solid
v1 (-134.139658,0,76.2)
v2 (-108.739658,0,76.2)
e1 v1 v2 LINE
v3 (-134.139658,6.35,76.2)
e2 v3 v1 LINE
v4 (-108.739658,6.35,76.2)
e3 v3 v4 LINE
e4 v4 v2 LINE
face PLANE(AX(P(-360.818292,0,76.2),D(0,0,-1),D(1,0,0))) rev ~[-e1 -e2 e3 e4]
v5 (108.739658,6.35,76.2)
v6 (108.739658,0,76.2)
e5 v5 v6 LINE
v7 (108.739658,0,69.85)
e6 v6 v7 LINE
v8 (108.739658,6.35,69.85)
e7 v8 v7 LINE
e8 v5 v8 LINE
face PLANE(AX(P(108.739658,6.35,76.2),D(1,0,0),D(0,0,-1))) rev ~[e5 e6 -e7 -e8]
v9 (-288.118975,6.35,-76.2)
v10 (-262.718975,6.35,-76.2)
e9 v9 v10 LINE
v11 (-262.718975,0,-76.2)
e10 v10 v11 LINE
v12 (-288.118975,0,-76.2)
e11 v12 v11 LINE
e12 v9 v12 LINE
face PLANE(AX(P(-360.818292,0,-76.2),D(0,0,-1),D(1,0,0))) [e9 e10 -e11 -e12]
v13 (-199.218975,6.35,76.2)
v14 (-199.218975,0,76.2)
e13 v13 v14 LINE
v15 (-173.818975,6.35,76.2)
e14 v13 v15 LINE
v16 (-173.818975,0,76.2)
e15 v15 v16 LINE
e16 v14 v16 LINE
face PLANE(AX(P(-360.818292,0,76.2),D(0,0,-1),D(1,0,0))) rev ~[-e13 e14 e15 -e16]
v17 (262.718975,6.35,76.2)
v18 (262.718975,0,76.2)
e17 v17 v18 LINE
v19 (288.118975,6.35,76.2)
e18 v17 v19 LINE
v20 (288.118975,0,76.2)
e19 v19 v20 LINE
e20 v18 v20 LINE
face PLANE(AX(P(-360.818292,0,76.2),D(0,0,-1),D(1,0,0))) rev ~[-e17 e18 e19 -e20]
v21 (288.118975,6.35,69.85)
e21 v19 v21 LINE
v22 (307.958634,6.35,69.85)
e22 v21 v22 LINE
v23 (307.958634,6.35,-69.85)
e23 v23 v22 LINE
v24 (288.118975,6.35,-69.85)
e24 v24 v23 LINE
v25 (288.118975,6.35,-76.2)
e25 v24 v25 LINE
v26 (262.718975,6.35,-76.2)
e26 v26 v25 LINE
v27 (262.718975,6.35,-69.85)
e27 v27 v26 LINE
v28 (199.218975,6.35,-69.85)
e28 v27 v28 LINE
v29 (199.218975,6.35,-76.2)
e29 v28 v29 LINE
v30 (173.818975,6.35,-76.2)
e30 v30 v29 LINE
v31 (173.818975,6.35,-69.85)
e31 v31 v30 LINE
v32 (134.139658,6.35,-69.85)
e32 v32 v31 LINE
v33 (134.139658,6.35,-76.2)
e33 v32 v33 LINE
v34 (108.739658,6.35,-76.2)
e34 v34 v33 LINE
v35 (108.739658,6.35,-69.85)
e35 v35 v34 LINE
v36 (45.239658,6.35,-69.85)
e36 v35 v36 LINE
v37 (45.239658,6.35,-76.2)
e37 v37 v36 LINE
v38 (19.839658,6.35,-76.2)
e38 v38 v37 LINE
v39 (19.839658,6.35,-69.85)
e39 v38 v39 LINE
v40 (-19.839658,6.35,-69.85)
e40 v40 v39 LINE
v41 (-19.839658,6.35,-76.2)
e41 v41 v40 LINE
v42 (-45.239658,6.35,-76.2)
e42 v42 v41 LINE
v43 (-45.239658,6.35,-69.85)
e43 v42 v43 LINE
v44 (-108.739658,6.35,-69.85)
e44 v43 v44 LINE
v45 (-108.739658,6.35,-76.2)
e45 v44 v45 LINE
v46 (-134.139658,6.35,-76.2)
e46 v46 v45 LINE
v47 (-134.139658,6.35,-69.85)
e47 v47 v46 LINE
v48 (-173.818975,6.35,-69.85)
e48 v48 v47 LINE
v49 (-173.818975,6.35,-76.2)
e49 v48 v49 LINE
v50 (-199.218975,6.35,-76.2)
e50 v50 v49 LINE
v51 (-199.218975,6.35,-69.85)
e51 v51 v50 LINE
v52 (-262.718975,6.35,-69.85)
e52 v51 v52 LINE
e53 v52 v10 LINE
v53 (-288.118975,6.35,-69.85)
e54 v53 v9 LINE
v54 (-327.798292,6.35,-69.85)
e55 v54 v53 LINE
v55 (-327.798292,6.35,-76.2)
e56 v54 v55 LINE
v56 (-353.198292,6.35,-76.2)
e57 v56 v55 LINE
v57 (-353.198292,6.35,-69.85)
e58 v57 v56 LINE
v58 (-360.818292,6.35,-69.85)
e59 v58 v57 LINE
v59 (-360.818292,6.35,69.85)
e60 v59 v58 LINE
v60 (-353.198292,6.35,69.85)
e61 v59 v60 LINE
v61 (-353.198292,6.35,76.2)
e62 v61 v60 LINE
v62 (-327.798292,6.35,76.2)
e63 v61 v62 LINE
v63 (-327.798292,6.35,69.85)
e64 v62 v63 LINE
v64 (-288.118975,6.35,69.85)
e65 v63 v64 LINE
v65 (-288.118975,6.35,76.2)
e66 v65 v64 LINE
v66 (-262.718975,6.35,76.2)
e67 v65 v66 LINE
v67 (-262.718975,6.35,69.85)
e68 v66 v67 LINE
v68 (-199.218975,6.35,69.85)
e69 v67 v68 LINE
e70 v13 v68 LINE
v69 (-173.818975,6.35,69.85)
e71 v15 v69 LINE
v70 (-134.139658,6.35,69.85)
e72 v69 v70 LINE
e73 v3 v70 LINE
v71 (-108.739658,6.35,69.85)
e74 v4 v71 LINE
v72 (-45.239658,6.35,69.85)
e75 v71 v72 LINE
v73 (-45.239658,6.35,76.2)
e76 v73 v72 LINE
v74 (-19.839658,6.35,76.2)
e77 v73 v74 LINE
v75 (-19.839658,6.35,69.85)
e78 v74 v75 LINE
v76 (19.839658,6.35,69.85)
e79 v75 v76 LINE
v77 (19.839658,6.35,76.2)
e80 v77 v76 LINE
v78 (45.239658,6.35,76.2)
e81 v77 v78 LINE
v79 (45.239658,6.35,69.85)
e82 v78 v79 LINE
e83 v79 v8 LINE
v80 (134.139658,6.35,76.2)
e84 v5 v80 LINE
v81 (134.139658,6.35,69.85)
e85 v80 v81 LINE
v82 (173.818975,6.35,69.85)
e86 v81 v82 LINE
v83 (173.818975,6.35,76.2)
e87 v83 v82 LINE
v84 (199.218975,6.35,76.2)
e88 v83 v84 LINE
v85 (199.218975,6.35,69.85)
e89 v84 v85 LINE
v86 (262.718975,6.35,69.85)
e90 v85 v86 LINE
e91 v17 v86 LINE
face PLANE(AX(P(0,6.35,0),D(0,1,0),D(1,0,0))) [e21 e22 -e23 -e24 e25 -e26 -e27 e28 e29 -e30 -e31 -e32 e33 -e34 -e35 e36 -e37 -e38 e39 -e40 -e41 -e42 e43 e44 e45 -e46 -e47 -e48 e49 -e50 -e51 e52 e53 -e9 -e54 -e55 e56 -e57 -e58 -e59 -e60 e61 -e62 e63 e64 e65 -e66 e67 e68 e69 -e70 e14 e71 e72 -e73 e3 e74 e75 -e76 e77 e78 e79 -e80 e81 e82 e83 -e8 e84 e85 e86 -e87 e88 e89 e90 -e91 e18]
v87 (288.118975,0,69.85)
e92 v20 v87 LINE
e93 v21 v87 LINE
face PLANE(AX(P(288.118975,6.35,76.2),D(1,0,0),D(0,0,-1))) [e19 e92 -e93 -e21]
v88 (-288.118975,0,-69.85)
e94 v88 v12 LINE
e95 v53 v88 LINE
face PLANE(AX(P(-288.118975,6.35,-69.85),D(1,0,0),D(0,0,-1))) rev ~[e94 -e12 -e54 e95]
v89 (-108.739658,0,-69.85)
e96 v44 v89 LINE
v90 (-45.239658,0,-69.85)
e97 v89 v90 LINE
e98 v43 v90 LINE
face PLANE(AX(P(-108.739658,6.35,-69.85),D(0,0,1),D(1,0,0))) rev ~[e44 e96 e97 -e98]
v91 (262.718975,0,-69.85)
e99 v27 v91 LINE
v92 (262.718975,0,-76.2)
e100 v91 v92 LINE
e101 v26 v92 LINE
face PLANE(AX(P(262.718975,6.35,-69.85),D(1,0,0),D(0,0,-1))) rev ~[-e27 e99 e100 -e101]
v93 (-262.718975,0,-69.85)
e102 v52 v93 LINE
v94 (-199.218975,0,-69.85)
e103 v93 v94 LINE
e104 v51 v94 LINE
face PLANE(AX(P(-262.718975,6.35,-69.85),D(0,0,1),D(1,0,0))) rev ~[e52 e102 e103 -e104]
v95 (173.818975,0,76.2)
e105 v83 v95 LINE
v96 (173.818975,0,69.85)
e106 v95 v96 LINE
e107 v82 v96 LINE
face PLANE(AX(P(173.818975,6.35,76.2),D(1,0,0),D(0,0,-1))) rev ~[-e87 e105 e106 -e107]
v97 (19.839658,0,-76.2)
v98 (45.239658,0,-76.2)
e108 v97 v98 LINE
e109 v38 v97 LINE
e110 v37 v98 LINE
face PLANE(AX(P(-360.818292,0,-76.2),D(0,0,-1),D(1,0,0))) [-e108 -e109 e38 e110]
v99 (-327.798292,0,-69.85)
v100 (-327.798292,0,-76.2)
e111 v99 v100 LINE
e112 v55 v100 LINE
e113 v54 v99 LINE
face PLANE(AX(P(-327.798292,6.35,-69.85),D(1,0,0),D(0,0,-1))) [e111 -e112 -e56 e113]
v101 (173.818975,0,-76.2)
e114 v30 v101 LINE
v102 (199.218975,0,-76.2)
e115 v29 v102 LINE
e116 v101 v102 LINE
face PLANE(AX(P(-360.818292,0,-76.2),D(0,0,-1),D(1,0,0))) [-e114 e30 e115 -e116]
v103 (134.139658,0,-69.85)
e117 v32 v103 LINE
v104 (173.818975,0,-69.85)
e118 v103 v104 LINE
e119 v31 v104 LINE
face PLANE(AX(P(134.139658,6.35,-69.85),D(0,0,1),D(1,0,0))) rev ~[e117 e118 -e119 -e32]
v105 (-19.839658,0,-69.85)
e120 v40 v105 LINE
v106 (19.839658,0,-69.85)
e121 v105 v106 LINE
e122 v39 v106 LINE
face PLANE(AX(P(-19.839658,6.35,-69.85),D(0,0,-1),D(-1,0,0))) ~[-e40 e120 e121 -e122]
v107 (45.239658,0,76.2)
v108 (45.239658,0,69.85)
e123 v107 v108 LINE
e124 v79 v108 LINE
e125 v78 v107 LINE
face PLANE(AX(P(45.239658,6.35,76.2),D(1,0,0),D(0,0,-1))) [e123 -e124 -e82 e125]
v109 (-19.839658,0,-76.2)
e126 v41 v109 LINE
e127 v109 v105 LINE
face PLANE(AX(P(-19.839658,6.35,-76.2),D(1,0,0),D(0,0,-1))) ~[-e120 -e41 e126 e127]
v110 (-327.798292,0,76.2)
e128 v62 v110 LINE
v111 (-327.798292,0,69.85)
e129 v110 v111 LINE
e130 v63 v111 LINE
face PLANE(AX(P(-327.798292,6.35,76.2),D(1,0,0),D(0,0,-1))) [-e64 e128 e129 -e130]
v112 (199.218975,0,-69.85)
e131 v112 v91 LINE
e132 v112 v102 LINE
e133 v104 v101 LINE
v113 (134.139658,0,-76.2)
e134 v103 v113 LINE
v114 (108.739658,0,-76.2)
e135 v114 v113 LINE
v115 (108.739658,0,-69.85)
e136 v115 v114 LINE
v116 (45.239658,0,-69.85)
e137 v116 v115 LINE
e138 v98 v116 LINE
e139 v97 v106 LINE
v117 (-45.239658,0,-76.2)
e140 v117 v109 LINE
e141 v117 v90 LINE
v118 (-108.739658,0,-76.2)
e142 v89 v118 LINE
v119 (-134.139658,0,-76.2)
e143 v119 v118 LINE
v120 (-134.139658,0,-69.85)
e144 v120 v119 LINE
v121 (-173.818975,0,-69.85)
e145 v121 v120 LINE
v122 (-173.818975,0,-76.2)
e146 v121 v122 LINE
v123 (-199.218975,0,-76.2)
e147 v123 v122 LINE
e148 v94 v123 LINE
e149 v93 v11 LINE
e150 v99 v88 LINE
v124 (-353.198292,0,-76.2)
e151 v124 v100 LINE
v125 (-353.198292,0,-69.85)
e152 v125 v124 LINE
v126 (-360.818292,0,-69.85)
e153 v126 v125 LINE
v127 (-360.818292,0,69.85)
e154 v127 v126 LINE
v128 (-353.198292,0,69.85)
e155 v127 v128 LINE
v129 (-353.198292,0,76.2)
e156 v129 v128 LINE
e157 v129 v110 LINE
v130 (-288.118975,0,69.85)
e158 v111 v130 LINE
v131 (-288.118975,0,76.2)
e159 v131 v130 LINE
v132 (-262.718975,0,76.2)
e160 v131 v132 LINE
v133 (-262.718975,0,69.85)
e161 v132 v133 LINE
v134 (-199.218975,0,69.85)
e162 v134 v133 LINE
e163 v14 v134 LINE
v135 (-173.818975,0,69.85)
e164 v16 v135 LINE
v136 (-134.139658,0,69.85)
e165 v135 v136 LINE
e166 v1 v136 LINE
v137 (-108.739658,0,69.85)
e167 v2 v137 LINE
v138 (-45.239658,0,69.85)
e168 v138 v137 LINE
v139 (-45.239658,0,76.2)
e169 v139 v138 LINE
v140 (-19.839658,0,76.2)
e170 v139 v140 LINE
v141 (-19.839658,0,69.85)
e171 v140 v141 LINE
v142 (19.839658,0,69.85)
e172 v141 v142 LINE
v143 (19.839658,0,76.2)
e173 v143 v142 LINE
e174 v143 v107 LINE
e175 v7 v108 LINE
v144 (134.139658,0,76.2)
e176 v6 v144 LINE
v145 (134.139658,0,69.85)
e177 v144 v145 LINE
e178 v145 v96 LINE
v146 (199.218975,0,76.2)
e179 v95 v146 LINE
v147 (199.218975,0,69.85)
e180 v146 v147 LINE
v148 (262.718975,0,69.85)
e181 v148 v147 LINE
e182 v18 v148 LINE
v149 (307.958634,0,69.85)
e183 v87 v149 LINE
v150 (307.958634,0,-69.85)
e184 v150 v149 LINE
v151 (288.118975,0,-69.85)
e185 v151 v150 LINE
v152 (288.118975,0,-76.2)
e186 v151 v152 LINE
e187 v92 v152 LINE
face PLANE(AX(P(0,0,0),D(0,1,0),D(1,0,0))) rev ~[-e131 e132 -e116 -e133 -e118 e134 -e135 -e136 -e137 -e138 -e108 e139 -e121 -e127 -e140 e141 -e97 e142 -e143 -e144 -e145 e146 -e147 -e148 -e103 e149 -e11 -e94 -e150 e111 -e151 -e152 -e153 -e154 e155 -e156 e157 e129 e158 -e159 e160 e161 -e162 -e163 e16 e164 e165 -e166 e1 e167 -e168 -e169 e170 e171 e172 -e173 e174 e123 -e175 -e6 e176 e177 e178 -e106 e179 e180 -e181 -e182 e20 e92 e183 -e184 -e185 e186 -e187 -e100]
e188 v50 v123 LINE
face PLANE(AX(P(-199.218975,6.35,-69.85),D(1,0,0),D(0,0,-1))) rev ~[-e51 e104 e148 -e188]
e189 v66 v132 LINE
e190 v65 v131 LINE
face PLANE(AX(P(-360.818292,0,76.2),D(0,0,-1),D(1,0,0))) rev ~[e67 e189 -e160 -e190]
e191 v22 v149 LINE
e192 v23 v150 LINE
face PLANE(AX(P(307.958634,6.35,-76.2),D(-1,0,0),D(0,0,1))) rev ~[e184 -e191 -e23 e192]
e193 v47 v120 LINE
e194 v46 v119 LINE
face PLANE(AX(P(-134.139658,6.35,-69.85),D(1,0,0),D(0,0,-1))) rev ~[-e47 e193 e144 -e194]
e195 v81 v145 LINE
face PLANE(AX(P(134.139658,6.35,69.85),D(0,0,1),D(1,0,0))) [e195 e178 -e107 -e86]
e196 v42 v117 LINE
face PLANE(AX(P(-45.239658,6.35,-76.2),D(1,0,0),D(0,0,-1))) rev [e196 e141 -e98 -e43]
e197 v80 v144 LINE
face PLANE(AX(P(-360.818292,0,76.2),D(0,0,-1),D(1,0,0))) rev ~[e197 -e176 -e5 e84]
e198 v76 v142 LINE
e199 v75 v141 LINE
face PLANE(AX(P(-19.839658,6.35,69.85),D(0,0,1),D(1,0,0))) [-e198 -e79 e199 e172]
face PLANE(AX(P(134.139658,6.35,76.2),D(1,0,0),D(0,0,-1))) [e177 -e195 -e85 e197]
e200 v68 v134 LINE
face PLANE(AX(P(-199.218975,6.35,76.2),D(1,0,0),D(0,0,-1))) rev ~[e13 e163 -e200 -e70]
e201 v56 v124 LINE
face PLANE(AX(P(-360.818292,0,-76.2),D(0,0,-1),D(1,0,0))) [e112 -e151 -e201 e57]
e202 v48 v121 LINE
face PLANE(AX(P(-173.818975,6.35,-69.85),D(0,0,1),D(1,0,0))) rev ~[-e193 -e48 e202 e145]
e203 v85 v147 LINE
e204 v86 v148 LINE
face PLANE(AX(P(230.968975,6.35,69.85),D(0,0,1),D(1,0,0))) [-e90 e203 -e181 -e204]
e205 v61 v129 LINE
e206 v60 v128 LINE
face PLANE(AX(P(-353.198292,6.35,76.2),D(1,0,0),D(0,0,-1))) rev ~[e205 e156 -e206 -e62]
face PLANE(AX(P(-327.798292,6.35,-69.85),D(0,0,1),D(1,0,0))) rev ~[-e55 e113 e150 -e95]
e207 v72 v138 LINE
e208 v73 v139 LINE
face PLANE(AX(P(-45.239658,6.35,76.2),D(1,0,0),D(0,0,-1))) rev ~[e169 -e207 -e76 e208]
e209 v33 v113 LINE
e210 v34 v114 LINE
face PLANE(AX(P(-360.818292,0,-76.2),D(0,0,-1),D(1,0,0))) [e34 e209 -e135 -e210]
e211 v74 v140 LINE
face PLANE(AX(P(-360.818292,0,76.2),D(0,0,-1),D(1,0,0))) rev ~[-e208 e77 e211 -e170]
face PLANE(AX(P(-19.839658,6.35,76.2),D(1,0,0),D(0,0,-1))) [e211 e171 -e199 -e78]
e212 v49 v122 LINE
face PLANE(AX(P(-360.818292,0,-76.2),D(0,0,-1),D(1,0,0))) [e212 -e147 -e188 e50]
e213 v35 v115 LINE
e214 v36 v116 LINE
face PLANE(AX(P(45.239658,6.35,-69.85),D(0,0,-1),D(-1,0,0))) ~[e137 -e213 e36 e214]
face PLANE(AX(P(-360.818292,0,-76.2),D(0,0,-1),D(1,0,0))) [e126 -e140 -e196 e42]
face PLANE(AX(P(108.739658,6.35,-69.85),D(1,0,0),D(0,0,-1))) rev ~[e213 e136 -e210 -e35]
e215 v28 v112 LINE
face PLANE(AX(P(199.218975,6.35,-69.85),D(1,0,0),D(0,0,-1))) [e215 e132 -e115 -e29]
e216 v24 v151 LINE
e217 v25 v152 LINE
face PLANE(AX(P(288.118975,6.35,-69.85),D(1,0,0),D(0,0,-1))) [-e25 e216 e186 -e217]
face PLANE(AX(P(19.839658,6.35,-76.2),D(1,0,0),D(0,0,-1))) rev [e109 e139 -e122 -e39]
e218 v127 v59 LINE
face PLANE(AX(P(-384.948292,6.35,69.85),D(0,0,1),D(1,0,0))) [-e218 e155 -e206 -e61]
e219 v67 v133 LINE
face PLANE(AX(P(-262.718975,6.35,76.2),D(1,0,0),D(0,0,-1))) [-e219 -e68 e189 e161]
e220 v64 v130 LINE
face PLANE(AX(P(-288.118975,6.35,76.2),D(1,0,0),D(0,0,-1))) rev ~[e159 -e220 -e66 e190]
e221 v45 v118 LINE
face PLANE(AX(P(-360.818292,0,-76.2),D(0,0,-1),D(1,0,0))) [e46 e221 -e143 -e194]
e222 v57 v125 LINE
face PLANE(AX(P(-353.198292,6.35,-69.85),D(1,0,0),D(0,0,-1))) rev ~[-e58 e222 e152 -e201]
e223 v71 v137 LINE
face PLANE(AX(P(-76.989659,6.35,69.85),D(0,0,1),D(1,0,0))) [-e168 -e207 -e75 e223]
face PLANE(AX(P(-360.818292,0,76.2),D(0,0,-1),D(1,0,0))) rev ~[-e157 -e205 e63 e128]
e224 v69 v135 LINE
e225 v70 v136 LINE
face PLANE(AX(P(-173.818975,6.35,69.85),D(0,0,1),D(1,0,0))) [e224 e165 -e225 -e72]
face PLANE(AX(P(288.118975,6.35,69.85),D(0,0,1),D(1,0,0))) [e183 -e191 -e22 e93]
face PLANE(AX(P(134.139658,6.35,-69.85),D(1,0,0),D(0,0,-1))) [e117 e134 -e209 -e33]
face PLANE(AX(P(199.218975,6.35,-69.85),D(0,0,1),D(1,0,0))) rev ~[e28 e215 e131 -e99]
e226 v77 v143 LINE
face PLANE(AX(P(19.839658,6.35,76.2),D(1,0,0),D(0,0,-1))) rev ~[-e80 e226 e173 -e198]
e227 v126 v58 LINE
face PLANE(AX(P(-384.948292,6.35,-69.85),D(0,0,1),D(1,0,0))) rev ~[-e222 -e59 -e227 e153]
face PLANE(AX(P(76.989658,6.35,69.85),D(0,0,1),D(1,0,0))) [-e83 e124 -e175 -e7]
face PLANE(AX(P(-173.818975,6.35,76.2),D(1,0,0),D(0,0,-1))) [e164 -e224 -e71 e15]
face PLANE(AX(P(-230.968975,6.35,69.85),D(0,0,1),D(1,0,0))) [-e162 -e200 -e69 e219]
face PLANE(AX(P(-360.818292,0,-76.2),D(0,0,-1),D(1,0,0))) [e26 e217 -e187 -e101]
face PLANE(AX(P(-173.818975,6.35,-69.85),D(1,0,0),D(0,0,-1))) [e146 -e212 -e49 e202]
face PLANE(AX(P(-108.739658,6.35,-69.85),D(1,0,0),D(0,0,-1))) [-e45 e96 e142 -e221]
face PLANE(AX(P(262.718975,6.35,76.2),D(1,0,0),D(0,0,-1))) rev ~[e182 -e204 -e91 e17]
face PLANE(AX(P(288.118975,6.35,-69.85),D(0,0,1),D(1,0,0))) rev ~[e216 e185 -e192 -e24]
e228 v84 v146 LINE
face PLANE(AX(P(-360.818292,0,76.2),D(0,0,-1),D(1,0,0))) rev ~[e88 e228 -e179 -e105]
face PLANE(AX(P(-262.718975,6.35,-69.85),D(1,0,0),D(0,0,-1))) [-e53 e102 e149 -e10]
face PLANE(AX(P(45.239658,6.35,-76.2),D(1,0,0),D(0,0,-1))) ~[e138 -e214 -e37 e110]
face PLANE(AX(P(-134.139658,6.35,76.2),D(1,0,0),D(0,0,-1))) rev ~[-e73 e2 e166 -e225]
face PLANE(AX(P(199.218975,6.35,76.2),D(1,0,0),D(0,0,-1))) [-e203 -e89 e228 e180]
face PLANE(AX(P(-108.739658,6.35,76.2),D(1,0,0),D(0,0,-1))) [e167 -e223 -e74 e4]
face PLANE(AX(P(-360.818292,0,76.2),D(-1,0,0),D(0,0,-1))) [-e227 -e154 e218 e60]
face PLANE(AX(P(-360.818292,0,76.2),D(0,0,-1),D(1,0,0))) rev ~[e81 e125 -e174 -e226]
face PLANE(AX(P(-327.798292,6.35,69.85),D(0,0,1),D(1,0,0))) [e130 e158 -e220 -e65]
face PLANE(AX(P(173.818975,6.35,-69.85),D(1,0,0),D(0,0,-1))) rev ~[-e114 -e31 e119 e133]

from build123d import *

# Parameters (mm, degrees)
SKETCH1_W                 = 721.63658441
SKETCH1_H                 = 152.4
BOSS_EXTRUDE1_DEPTH       = 6.35
SKETCH2_W                 = 39.679316882
SKETCH2_H                 = 6.35
SKETCH2_W_2               = 31.750000127
CUT_EXTRUDE1_DEPTH        = 7.35
LPATTERN1_COUNT           = 3
LPATTERN1_PITCH           = 153.979316882
LPATTERN1_COL_COUNT       = 3
LPATTERN1_COL_PITCH       = 153.979316882
MIRROR1_COPY_1_SKETCH_W   = 39.679316882
MIRROR1_COPY_1_SKETCH_H   = 6.35
MIRROR1_COPY_1_SKETCH_W_2 = 31.750000127
MIRROR1_COPY_1_DEPTH      = 7.35
MIRROR1_COPY_2_SKETCH_W   = 39.679316882
MIRROR1_COPY_2_SKETCH_H   = 6.35
MIRROR1_COPY_2_SKETCH_W_2 = 31.750000127
MIRROR1_COPY_2_DEPTH      = 7.35
MIRROR1_COPY_3_SKETCH_W   = 39.679316882
MIRROR1_COPY_3_SKETCH_H   = 6.35
MIRROR1_COPY_3_SKETCH_W_2 = 31.750000127
MIRROR1_COPY_3_DEPTH      = 7.35
MIRROR1_COPY_4_SKETCH_W   = 39.679316882
MIRROR1_COPY_4_SKETCH_H   = 6.35
MIRROR1_COPY_4_SKETCH_W_2 = 31.750000127
MIRROR1_COPY_4_DEPTH      = 7.35
CUT_EXTRUDE2_DEPTH        = 7.35


with BuildPart() as part:
    # Sketch1 → Boss-Extrude1 (new body)
    with BuildSketch(Plane(origin=(0, 0, 0), x_dir=(1, 0, 0), z_dir=(0, 1, 0))):
        Rectangle(SKETCH1_W, SKETCH1_H)
    extrude(amount=BOSS_EXTRUDE1_DEPTH)

    # Sketch2 → Cut-Extrude1 (cut, through all)
    with BuildSketch(Plane(origin=(0, 6.35, 0), x_dir=(1, 0, 0), z_dir=(0, 1, 0))):
        with Locations((0, -73.025)):
            Rectangle(SKETCH2_W, SKETCH2_H)
        with Locations((-61.114658505, -73.025)):
            Rectangle(SKETCH2_W_2, SKETCH2_H)
        with Locations((61.114658505, -73.025)):
            Rectangle(SKETCH2_W_2, SKETCH2_H)
    cut_extrude1 = extrude(amount=-CUT_EXTRUDE1_DEPTH, mode=Mode.SUBTRACT)

    # LPattern1: Cut-Extrude1 ×3
    with Locations(*[(i * LPATTERN1_PITCH, 0, 0) for i in range(1, LPATTERN1_COUNT)]):
        add(cut_extrude1, mode=Mode.SUBTRACT)

    # LPattern1 col: Cut-Extrude1 ×3
    with Locations(*[(-i * LPATTERN1_COL_PITCH, 0, 0) for i in range(1, LPATTERN1_COL_COUNT)]):
        add(cut_extrude1, mode=Mode.SUBTRACT)

    # Mirror1: Cut-Extrude1 across plane
    add(cut_extrude1.mirror(Plane.XY), mode=Mode.SUBTRACT)

    # Mirror1 copy 1 sketch → Mirror1 copy 1 (cut, through all)
    with BuildSketch(Plane(origin=(153.979316882, 6.35, 0), x_dir=(1, 0, 0), z_dir=(0, 1, 0))):
        with Locations((0, 73.025)):
            Rectangle(MIRROR1_COPY_1_SKETCH_W, MIRROR1_COPY_1_SKETCH_H)
        with Locations((-61.114658505, 73.025)):
            Rectangle(MIRROR1_COPY_1_SKETCH_W_2, MIRROR1_COPY_1_SKETCH_H)
        with Locations((61.114658505, 73.025)):
            Rectangle(MIRROR1_COPY_1_SKETCH_W_2, MIRROR1_COPY_1_SKETCH_H)
    extrude(amount=-MIRROR1_COPY_1_DEPTH, mode=Mode.SUBTRACT)

    # Mirror1 copy 2 sketch → Mirror1 copy 2 (cut, through all)
    with BuildSketch(Plane(origin=(307.958633764, 6.35, 0), x_dir=(1, 0, 0), z_dir=(0, 1, 0))):
        with Locations((0, 73.025)):
            Rectangle(MIRROR1_COPY_2_SKETCH_W, MIRROR1_COPY_2_SKETCH_H)
        with Locations((-61.114658505, 73.025)):
            Rectangle(MIRROR1_COPY_2_SKETCH_W_2, MIRROR1_COPY_2_SKETCH_H)
        with Locations((61.114658505, 73.025)):
            Rectangle(MIRROR1_COPY_2_SKETCH_W_2, MIRROR1_COPY_2_SKETCH_H)
    extrude(amount=-MIRROR1_COPY_2_DEPTH, mode=Mode.SUBTRACT)

    # Mirror1 copy 3 sketch → Mirror1 copy 3 (cut, through all)
    with BuildSketch(Plane(origin=(-153.979316882, 6.35, 0), x_dir=(1, 0, 0), z_dir=(0, 1, 0))):
        with Locations((0, 73.025)):
            Rectangle(MIRROR1_COPY_3_SKETCH_W, MIRROR1_COPY_3_SKETCH_H)
        with Locations((-61.114658505, 73.025)):
            Rectangle(MIRROR1_COPY_3_SKETCH_W_2, MIRROR1_COPY_3_SKETCH_H)
        with Locations((61.114658505, 73.025)):
            Rectangle(MIRROR1_COPY_3_SKETCH_W_2, MIRROR1_COPY_3_SKETCH_H)
    extrude(amount=-MIRROR1_COPY_3_DEPTH, mode=Mode.SUBTRACT)

    # Mirror1 copy 4 sketch → Mirror1 copy 4 (cut, through all)
    with BuildSketch(Plane(origin=(-307.958633764, 6.35, 0), x_dir=(1, 0, 0), z_dir=(0, 1, 0))):
        with Locations((0, 73.025)):
            Rectangle(MIRROR1_COPY_4_SKETCH_W, MIRROR1_COPY_4_SKETCH_H)
        with Locations((-61.114658505, 73.025)):
            Rectangle(MIRROR1_COPY_4_SKETCH_W_2, MIRROR1_COPY_4_SKETCH_H)
        with Locations((61.114658505, 73.025)):
            Rectangle(MIRROR1_COPY_4_SKETCH_W_2, MIRROR1_COPY_4_SKETCH_H)
    extrude(amount=-MIRROR1_COPY_4_DEPTH, mode=Mode.SUBTRACT)

    # Sketch3 → Cut-Extrude2 (cut, through all)
    with BuildSketch(Plane(origin=(0, 6.35, 0), x_dir=(1, 0, 0), z_dir=(0, 1, 0))):
        Polygon((307.958633764, 69.85), (307.958633764, -76.2), (360.818292205, -76.2), (360.818292205, 76.2), (307.958633764, 76.2), align=None)
    extrude(amount=-CUT_EXTRUDE2_DEPTH, mode=Mode.SUBTRACT)


solid = part.part
